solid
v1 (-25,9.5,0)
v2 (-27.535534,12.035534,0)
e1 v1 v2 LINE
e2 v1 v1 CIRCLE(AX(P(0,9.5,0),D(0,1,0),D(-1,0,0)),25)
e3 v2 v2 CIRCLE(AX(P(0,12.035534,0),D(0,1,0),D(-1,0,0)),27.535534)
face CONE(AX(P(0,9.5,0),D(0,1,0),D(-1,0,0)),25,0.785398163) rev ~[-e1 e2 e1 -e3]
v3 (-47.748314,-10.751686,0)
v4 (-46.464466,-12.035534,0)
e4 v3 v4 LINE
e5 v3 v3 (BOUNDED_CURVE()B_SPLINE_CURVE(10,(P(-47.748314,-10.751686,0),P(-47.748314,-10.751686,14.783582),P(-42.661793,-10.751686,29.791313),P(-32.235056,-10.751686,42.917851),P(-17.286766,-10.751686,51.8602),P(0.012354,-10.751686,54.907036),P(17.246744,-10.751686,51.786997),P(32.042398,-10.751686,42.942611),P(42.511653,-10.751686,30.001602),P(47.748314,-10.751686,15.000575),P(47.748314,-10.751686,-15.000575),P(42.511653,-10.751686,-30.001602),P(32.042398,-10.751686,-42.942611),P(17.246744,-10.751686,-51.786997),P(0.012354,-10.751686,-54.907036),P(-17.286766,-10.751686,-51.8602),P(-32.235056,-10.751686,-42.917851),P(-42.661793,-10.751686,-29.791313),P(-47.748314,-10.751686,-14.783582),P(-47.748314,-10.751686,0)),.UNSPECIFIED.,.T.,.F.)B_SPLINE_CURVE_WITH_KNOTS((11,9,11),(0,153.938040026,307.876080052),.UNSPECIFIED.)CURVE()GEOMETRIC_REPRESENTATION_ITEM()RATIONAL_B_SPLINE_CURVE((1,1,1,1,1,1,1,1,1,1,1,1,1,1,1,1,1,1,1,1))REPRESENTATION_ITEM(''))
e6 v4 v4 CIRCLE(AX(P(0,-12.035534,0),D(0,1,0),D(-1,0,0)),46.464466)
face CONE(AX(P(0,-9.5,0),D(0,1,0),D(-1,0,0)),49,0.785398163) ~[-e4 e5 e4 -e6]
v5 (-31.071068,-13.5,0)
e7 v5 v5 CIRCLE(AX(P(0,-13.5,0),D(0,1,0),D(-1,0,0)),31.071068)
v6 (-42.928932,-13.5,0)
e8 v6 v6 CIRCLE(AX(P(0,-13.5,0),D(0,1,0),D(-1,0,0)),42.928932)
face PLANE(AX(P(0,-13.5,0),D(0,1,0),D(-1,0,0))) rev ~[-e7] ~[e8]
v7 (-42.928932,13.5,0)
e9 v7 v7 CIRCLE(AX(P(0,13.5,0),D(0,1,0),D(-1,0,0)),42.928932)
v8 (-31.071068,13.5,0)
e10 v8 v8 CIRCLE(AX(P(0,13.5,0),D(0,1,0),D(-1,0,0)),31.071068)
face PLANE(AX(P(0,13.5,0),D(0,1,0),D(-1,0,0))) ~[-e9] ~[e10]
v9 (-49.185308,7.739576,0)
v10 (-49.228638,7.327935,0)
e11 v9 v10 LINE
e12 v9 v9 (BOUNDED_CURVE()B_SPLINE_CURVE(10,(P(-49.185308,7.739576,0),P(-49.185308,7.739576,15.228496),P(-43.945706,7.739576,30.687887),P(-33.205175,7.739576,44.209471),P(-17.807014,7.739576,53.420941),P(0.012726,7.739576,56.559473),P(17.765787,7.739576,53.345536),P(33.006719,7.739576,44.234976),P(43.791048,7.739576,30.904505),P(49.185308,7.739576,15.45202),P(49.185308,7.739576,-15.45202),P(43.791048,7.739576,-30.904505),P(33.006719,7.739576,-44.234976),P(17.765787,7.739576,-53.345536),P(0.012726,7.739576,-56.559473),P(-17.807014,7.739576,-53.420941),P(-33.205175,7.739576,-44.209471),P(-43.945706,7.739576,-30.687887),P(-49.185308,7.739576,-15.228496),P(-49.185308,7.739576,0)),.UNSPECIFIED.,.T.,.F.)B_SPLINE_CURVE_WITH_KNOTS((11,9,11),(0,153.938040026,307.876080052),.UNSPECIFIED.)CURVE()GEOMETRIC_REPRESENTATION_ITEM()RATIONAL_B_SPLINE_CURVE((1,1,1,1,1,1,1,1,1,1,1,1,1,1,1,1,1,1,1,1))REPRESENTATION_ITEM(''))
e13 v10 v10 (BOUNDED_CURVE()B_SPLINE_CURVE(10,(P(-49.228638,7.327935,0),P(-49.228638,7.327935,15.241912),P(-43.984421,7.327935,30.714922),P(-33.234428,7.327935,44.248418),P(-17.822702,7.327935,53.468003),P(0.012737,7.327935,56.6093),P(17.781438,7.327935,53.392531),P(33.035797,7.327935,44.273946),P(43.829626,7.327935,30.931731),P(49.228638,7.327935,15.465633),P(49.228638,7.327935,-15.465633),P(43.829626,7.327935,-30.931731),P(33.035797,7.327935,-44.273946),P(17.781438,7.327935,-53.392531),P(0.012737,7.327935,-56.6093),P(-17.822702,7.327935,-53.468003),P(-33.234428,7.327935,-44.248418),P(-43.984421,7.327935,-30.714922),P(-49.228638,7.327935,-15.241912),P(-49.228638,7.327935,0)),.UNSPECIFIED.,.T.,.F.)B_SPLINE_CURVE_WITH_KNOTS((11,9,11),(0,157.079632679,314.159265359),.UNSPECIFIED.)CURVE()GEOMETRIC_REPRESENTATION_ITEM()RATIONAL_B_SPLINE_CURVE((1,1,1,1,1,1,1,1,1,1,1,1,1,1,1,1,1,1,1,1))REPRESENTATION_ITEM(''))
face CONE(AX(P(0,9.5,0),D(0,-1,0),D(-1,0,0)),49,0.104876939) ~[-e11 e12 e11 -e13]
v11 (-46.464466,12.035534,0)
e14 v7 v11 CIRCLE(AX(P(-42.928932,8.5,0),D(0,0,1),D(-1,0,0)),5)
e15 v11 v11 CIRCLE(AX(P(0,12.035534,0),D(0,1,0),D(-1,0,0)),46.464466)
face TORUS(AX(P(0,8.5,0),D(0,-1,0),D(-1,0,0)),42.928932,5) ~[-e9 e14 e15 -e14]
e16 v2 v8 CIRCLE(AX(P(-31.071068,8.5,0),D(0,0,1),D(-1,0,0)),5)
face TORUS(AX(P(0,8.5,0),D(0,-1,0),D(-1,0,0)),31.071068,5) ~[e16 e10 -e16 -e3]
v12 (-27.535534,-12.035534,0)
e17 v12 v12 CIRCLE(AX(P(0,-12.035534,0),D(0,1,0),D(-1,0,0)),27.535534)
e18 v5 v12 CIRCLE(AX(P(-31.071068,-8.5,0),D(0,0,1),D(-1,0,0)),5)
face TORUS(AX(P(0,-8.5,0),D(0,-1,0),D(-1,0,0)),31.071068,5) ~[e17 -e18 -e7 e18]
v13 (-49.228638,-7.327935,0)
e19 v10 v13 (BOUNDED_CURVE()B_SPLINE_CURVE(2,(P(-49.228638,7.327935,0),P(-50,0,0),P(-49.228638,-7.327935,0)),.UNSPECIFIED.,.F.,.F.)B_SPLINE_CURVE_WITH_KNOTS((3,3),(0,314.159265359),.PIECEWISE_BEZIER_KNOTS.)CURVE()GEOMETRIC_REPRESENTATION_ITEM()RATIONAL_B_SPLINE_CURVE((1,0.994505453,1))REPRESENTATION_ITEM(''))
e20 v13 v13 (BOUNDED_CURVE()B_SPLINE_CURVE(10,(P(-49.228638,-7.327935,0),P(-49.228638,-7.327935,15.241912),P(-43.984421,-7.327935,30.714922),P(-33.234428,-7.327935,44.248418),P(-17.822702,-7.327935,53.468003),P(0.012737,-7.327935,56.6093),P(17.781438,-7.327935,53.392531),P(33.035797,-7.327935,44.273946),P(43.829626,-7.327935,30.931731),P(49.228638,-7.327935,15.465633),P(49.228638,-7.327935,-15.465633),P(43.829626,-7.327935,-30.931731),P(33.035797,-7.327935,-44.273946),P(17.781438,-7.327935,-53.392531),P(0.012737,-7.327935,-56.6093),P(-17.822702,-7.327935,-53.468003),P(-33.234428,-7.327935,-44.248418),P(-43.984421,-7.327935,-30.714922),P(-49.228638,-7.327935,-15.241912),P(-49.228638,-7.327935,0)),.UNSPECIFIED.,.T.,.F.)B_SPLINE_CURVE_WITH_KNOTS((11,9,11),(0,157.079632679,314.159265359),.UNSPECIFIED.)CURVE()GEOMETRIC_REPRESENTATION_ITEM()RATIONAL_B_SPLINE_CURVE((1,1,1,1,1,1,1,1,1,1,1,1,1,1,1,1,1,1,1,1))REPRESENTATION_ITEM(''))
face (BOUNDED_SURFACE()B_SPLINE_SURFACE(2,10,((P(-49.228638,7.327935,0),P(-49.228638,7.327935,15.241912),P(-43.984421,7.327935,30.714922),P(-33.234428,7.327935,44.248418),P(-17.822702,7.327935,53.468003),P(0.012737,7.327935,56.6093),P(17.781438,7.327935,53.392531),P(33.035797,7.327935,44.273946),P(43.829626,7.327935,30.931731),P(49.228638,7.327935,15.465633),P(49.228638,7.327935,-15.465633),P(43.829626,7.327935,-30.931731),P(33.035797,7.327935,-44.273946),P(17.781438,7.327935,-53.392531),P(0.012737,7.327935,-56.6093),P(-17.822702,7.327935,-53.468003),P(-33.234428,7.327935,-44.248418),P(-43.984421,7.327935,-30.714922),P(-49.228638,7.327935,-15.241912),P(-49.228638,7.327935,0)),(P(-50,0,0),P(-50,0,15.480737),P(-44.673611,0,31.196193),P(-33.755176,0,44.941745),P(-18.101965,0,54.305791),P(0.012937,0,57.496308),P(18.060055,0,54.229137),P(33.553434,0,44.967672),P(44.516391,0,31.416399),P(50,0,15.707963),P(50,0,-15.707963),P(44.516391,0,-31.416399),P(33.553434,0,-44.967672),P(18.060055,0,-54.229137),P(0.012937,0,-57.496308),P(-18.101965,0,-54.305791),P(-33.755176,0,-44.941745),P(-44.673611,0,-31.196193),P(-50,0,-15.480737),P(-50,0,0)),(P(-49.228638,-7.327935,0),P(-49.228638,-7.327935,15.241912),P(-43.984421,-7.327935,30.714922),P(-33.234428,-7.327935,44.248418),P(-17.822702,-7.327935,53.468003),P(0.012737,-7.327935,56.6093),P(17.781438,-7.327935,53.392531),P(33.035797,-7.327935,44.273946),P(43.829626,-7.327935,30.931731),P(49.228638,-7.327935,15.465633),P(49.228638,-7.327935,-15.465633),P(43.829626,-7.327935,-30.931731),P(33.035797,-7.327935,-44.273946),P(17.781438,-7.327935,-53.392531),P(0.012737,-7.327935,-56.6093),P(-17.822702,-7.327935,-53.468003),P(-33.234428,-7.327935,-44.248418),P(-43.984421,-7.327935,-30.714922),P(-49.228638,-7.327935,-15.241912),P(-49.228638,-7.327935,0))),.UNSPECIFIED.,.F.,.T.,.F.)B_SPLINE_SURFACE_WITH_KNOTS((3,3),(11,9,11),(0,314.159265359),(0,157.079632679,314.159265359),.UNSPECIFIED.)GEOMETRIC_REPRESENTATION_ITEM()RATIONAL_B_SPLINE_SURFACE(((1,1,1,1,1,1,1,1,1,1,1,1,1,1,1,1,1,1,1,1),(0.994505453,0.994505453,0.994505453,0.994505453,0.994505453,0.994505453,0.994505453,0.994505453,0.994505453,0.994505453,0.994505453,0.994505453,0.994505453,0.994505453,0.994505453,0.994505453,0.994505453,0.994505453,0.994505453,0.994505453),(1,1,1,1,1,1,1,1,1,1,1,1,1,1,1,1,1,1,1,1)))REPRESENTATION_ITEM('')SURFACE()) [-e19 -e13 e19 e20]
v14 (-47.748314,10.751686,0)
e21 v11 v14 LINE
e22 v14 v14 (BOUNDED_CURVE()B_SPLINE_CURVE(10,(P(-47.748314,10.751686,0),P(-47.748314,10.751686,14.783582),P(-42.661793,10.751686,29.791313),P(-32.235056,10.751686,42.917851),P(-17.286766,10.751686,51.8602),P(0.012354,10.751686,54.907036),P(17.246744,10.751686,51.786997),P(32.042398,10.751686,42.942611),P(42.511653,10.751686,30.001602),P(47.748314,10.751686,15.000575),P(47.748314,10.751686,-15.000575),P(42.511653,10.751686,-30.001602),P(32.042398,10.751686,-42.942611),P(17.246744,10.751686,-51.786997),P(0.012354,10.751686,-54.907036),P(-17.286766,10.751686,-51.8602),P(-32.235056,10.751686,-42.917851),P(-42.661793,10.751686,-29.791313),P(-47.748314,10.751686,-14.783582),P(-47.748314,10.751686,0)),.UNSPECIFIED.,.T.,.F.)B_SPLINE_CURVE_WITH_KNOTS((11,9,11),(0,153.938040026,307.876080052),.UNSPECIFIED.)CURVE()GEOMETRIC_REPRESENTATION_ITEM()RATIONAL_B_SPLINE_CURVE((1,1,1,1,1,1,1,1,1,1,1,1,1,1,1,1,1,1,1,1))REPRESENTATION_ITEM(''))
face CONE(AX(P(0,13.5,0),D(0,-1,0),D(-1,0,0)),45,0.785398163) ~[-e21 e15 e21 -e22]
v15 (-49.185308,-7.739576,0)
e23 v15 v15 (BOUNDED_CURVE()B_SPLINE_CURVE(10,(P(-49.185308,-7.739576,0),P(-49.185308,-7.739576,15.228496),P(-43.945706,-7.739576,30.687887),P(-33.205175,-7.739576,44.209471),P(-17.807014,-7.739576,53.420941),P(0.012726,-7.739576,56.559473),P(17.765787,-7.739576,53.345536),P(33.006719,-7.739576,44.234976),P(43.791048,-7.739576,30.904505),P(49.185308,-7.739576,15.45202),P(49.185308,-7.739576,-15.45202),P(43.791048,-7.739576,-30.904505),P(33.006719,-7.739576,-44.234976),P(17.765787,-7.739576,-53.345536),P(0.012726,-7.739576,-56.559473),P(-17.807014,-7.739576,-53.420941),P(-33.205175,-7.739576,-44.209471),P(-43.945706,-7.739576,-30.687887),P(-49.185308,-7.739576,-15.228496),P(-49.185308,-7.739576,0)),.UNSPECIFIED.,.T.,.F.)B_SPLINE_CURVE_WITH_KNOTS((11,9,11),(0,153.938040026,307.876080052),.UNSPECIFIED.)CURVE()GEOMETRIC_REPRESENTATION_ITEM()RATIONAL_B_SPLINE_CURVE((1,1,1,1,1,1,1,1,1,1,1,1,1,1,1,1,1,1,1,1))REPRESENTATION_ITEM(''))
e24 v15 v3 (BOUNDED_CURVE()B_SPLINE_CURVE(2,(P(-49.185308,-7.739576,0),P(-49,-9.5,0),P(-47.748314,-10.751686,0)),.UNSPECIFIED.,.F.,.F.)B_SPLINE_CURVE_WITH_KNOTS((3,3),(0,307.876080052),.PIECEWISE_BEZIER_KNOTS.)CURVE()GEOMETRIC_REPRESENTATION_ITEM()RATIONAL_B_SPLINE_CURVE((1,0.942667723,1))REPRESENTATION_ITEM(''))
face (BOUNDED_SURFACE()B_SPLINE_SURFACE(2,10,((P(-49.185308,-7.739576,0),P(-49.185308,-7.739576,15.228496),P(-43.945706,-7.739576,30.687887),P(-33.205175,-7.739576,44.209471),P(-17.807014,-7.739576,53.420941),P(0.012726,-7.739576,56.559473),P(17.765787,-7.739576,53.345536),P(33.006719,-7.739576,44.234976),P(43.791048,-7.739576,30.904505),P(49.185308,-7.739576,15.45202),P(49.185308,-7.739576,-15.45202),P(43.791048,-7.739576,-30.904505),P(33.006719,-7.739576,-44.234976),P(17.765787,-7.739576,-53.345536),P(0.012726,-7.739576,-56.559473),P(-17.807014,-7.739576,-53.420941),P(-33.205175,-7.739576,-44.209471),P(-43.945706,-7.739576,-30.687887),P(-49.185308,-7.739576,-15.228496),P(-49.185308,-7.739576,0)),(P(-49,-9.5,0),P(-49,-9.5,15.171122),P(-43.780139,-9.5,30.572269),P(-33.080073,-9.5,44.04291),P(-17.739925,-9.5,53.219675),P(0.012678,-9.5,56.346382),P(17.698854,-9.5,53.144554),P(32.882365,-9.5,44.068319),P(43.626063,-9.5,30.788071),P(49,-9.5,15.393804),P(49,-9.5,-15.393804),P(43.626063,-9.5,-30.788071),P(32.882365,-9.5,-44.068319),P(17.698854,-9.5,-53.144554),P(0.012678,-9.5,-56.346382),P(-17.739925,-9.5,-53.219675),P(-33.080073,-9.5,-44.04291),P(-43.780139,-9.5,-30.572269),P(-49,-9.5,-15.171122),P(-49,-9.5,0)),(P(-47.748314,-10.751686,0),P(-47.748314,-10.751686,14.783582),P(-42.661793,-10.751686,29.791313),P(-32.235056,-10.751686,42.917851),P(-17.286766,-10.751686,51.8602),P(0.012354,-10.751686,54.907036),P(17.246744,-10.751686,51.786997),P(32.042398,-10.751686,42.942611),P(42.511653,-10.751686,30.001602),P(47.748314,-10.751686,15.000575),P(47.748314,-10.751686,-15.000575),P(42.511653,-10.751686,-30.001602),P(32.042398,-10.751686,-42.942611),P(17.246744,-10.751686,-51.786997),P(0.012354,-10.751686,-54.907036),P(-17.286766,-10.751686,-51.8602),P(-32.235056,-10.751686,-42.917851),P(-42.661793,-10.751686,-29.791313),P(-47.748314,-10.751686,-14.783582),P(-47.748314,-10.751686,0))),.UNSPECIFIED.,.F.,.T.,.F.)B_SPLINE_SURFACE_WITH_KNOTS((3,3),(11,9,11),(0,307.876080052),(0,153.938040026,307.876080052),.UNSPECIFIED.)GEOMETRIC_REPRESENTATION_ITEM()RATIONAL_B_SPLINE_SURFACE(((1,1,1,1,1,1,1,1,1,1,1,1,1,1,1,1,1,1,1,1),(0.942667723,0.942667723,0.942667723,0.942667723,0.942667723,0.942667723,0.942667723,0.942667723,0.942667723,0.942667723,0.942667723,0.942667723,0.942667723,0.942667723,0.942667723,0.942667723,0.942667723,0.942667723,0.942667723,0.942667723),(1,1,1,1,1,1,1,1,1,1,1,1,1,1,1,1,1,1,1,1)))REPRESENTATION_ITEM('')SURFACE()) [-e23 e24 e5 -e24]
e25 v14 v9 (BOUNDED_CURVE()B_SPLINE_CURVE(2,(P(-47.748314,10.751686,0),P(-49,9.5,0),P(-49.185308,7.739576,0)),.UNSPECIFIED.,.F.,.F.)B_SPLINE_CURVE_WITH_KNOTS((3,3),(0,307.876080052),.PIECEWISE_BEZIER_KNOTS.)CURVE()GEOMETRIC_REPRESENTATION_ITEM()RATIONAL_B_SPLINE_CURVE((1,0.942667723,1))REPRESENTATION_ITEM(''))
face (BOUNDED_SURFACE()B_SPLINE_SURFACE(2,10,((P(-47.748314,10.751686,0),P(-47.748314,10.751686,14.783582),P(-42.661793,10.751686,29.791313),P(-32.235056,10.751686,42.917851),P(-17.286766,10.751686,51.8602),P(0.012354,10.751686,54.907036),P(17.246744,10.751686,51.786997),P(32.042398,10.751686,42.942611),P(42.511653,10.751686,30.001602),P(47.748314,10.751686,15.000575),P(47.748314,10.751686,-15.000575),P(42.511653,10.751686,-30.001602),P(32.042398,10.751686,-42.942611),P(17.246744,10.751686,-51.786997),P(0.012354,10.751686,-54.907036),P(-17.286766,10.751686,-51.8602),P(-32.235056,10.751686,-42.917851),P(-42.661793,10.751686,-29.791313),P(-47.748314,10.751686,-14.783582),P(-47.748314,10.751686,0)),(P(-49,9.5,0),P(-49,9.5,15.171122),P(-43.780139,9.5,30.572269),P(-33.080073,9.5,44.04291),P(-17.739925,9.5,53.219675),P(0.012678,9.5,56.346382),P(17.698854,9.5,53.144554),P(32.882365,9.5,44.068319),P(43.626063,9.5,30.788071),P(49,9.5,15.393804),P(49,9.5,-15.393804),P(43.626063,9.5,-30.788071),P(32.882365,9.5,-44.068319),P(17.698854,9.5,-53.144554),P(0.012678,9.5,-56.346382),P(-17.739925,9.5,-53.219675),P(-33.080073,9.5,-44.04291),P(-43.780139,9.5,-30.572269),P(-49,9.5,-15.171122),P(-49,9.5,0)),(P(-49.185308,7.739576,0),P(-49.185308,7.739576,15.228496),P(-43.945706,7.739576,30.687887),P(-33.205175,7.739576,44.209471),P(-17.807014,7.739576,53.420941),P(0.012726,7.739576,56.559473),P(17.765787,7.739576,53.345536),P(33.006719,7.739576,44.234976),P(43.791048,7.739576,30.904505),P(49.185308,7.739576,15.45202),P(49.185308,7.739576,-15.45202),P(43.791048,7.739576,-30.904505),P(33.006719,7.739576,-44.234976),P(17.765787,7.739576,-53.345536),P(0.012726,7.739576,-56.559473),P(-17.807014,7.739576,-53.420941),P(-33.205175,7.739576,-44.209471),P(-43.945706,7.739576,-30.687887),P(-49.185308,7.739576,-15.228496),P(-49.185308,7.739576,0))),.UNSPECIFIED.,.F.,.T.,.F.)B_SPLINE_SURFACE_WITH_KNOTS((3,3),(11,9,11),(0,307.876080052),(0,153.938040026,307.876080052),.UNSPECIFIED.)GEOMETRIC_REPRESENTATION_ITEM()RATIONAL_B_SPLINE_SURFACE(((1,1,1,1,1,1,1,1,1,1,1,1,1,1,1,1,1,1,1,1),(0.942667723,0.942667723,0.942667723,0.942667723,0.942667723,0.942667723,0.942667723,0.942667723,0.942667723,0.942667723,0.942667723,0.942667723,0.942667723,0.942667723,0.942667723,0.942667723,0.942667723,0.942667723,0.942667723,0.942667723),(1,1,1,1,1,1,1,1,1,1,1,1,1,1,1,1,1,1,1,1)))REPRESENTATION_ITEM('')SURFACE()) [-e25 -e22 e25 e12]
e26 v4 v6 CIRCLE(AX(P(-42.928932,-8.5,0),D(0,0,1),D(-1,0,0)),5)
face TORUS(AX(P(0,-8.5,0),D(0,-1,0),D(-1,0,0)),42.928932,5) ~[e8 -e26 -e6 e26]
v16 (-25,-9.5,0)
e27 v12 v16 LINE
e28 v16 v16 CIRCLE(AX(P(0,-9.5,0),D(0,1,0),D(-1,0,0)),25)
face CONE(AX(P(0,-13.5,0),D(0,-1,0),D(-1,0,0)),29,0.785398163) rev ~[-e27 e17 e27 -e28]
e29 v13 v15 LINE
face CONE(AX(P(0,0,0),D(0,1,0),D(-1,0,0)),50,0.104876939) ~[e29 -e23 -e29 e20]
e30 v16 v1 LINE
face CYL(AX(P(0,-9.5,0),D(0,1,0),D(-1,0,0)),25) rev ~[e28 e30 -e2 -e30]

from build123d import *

# Parameters (mm, degrees)
F2_R = 5
F3_R = 70


with BuildPart() as f1:
    # F0 (on Top) → F1 (revolve)
    with BuildSketch(Plane.XY):
        Polygon((-25, 0), (-25, 9.5), (-29, 13.5), (-45, 13.5), (-49, 9.5), (-50, 0), (-49, -9.5), (-45, -13.5), (-29, -13.5), (-25, -9.5), align=None)
        Polygon((-25, 0), (-25, 9.5), (-29, 13.5), (-45, 13.5), (-49, 9.5), (-50, 0), (-49, -9.5), (-45, -13.5), (-29, -13.5), (-25, -9.5), align=None)
    revolve(axis=Axis((0, 18.855867, 0), (0, 1, 0)))

    # F2
    f2_edges = [f1.edges().sort_by_distance(p)[0] for p in [
        (29, -13.5, 0),
        (45, -13.5, 0),
        (49, -9.5, 0),
        (45, 13.5, 0),
        (29, 13.5, 0),
        (49, 9.5, 0),
    ]]
    fillet(f2_edges, radius=F2_R)

    # F3
    f3_edges = [f1.edges().sort_by_distance(p)[0] for p in [
        (50, 0, 0),
    ]]
    fillet(f3_edges, radius=F3_R)


solid = f1.part
